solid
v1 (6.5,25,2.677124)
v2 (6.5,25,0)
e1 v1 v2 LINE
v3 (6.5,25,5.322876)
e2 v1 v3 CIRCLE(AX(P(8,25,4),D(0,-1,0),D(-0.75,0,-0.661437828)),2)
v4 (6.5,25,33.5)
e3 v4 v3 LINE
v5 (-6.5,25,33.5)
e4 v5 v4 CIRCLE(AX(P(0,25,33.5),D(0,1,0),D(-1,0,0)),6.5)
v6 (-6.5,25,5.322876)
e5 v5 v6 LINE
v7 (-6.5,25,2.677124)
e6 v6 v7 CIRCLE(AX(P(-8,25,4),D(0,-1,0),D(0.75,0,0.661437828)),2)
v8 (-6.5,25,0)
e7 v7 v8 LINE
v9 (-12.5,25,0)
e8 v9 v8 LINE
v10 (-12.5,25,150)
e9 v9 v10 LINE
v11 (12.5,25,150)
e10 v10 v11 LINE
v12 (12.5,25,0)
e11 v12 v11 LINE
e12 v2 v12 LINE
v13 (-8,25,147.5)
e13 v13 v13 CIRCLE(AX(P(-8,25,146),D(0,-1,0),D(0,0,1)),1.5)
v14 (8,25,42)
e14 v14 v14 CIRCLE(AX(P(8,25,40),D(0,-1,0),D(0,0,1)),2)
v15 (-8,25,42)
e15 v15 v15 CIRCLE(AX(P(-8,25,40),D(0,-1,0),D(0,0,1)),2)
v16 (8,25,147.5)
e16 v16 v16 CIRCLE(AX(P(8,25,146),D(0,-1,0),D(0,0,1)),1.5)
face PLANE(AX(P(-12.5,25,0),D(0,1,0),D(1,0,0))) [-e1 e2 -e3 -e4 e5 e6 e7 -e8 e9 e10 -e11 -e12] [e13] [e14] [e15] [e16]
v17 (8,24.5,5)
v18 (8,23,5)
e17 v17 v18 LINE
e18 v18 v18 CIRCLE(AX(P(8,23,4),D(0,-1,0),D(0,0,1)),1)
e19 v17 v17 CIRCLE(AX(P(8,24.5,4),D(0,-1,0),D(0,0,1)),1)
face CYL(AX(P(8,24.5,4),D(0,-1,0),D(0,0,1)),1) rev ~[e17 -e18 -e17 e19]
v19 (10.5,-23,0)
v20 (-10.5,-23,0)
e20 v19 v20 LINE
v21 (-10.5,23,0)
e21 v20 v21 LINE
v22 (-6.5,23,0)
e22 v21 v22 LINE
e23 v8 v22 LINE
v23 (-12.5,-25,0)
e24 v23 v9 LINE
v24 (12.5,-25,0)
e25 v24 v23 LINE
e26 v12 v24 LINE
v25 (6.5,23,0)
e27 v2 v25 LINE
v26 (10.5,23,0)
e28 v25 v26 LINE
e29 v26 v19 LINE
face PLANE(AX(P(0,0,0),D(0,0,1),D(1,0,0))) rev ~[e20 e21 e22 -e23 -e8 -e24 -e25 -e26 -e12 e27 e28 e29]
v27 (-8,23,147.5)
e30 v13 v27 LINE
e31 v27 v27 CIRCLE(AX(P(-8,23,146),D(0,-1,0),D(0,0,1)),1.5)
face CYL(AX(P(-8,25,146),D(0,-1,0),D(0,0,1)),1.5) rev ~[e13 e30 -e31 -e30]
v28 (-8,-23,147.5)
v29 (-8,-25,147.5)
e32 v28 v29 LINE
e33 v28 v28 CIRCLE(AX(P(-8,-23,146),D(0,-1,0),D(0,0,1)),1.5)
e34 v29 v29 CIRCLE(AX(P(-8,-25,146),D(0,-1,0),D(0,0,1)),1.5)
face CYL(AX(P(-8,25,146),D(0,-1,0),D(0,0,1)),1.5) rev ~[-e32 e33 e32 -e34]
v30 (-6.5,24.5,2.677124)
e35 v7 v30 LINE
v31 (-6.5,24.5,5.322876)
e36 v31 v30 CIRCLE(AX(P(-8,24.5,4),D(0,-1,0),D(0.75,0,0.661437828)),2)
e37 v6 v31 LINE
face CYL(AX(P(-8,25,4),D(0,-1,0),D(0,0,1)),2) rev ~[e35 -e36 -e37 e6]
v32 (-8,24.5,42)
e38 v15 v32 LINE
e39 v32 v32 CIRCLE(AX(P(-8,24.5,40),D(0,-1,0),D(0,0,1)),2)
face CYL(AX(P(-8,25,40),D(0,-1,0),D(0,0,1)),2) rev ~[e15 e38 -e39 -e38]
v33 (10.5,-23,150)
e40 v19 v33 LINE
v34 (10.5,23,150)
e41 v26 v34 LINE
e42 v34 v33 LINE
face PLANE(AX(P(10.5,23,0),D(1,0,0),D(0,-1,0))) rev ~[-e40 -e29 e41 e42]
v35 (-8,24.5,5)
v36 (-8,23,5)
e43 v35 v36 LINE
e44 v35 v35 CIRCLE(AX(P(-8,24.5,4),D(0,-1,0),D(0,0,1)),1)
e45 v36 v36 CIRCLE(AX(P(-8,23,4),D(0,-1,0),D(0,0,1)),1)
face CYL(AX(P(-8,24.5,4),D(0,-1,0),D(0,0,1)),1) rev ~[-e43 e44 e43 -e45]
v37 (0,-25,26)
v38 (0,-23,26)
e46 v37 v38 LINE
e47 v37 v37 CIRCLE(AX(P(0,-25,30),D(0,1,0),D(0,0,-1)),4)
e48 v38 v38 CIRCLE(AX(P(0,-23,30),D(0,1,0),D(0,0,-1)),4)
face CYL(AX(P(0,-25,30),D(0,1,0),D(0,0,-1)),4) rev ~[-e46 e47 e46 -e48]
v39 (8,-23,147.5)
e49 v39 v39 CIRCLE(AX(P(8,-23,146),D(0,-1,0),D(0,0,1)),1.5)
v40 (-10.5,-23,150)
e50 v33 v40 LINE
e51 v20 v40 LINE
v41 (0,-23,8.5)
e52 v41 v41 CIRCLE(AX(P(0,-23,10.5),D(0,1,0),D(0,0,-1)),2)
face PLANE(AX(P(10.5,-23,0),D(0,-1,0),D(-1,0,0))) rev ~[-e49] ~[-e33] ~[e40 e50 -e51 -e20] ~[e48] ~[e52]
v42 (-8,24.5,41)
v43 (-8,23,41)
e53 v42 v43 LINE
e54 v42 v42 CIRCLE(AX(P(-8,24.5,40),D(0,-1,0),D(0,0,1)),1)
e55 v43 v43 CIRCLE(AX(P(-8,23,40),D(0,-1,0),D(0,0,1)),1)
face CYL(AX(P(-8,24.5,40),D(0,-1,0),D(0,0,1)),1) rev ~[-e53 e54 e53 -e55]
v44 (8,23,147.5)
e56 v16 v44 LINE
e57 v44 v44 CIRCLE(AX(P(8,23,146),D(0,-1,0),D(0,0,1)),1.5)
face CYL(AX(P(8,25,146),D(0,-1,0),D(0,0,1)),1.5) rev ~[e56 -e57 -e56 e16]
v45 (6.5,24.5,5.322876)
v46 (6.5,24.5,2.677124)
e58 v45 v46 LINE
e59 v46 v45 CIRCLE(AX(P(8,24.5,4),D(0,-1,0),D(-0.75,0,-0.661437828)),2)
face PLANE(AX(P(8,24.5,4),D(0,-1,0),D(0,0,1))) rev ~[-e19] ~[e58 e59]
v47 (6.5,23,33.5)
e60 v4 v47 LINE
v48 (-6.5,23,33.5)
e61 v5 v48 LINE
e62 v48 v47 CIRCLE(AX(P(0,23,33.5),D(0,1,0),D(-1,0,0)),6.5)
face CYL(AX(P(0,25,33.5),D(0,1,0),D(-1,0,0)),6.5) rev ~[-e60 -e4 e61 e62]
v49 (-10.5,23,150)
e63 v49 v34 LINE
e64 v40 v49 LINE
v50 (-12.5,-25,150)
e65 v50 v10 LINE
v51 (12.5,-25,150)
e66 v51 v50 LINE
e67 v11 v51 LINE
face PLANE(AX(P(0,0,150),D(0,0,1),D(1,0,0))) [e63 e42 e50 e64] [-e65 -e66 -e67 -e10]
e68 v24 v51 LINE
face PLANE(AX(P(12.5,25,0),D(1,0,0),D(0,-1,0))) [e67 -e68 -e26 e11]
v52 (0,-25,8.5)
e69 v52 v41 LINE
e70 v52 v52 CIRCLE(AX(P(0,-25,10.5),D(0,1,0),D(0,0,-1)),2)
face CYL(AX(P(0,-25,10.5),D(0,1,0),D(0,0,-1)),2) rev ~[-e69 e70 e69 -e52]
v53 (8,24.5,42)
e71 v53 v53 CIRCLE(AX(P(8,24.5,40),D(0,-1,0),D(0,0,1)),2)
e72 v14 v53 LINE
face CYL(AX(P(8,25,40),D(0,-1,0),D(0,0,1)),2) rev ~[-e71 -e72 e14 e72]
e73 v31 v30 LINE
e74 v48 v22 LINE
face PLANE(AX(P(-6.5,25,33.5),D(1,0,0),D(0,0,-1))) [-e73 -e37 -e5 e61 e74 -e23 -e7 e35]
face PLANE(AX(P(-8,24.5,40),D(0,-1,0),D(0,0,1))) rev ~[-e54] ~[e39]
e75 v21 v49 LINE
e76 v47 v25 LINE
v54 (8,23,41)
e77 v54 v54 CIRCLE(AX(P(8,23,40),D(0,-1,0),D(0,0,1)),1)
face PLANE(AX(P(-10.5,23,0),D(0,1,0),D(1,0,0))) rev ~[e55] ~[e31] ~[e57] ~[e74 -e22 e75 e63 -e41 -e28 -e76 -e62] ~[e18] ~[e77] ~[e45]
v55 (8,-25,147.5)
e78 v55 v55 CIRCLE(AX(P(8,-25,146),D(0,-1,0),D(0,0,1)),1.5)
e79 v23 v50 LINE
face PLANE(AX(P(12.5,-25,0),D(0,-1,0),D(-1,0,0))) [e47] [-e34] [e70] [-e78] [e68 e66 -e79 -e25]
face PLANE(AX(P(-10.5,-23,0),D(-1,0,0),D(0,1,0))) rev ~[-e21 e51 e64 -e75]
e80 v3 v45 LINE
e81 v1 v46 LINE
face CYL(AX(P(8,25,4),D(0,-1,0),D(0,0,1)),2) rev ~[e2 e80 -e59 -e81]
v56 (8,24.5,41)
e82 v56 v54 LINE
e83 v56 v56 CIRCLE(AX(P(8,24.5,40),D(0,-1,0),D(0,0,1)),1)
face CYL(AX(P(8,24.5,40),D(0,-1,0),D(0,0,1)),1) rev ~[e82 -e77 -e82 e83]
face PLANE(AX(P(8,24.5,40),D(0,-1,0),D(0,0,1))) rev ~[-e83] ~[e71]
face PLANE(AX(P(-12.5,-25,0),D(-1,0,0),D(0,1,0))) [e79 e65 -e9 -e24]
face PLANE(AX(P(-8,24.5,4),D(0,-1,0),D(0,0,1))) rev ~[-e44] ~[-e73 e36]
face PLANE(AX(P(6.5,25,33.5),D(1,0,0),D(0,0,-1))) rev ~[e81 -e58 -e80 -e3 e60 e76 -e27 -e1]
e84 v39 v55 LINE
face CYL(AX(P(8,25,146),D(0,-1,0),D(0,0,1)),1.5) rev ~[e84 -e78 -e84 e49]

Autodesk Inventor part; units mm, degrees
ref_plane "YZ Plane" through (0, 0, 0) normal (1, 0, 0) x (0, 1, 0)
ref_plane "XZ Plane" through (0, 0, 0) normal (0, 1, 0) x (-1, 0, 0)
ref_plane "XY Plane" through (0, 0, 0) normal (0, 0, 1) x (1, 0, 0)
sketch "スケッチ1" plane through (0, 0, 0) normal (0, 0, 1) x (1, 0, 0)
  line L0 (-12.5, 25) -> (12.5, 25)
  line L1 (12.5, 25) -> (12.5, -25)
  line L2 (12.5, -25) -> (-12.5, -25)
  line L3 (-12.5, -25) -> (-12.5, 25)
  line L4 (-10.5, 23) -> (10.5, 23)
  line L5 (10.5, 23) -> (10.5, -23)
  line L6 (10.5, -23) -> (-10.5, -23)
  line L7 (-10.5, -23) -> (-10.5, 23)
  point P0 (0, 0)
  dimension "d0" = 25
  dimension "d1" = 50
  dimension "d2" = 46
  dimension "d3" = 21
  dimension "d4" = 25
  dimension "d5" = 23
  dimension "d6" = 10.5
  dimension "d7" = 12.5
extrude "押し出し1" add sketch "スケッチ1" along normal blind 150
sketch "スケッチ2" plane through (-12.5, 25, 0) normal (0, 1, 0) x (1, 0, 0)
  line L0 (0, 0) -> (25, 0) projected
  line L1 (0, 0) -> (0, -150) projected
  arc A0 (6, -33.5) -> (19, -33.5) centre (12.5, -33.5) ccw
  line L2 (6, -33.5) -> (6, 0)
  line L3 (19, -33.5) -> (19, 0)
  point P0 (12.5, 0)
  dimension "d10" = 13
  dimension "d11" = 33.5
  dimension "d12" = 12.5
extrude "押し出し2" cut sketch "スケッチ2" against normal blind 2
sketch "スケッチ3" plane through (-12.5, 25, 150) normal (0, 1, 0) x (1, 0, 0)
  arc A0 (6, 116.5) -> (19, 116.5) centre (12.5, 116.5) ccw projected
  circle A1 centre (4.5, 110) radius 1
  circle A2 centre (4.5, 146) radius 1
  circle A3 centre (20.5, 146) radius 1
  circle A4 centre (20.5, 110) radius 1
  point P0 (12.5, 150)
  dimension "d15" = 6.5
  dimension "d16" = 6.5
  dimension "d17" = 2
  dimension "d18" = 8
  dimension "d19" = 8
  dimension "d20" = 8
  dimension "d21" = 8
  dimension "d22" = 29.5
  dimension "d23" = 29.5
hole "穴1" at (-8, 25, 4) at (8, 25, 4) at (8, 25, 40) at (-8, 25, 40) direction (0, -1, 0) diameter 2 depth 2 tip angle 118 counterbore diameter 4 counterbore depth 0.5
sketch "スケッチ4" plane through (-12.5, -25, 0) normal (0, -1, 0) x (1, 0, 0)
  line L0 (25, 0) -> (0, 0) projected
  line L1 (25, 0) -> (25, 150) projected
  circle A0 centre (12.5, 10.5) radius 2
  point P0 (12.5, 0)
  dimension "d31" = 4
  dimension "d32" = 12.5
  dimension "d33" = 10.5
hole "穴2" at (0, -25, 10.5) direction (0, 1, 0) diameter 4 end through all
sketch "スケッチ5" plane through (-12.5, 25, 150) normal (0, 1, 0) x (1, 0, 0)
  line L0 (0, 0) -> (25, 0) projected
  arc A0 (6, 116.5) -> (19, 116.5) centre (12.5, 116.5) ccw projected
  circle A1 centre (20.5, 4) radius 1.5
  circle A2 centre (4.5, 4) radius 1.5
  point P0 (12.5, 150)
  dimension "d43" = 4
  dimension "d44" = 4
  dimension "d46" = 8
  dimension "d47" = 8
  dimension "d57" = 3
hole "穴4" at (-8, 25, 146) at (8, 25, 146) direction (0, -1, 0) diameter 3 end through all
thread "ねじ1" size "M3x0.5" class "6H" standard "ANSI Metric M Profile" full length
thread "ねじ2" size "M3x0.5" class "6H" standard "ANSI Metric M Profile" full length
thread "ねじ3" size "M3x0.5" class "6H" standard "ANSI Metric M Profile" full length
thread "ねじ4" size "M3x0.5" class "6H" standard "ANSI Metric M Profile" full length
sketch "スケッチ7" plane through (-12.5, -25, 0) normal (0, -1, 0) x (1, 0, 0)
  line L0 (25, 0) -> (25, 150) projected
  circle A0 centre (12.5, 30) radius 4
  line L1 (25, 0) -> (0, 0) projected
  point P0 (12.5, 0)
  dimension "d79" = 8
  dimension "d80" = 12.5
  dimension "d88" = 30
hole "穴5" at (0, -25, 30) direction (0, 1, 0) diameter 8 end through all
properties part number "07" material "アルミニウム 6061"
